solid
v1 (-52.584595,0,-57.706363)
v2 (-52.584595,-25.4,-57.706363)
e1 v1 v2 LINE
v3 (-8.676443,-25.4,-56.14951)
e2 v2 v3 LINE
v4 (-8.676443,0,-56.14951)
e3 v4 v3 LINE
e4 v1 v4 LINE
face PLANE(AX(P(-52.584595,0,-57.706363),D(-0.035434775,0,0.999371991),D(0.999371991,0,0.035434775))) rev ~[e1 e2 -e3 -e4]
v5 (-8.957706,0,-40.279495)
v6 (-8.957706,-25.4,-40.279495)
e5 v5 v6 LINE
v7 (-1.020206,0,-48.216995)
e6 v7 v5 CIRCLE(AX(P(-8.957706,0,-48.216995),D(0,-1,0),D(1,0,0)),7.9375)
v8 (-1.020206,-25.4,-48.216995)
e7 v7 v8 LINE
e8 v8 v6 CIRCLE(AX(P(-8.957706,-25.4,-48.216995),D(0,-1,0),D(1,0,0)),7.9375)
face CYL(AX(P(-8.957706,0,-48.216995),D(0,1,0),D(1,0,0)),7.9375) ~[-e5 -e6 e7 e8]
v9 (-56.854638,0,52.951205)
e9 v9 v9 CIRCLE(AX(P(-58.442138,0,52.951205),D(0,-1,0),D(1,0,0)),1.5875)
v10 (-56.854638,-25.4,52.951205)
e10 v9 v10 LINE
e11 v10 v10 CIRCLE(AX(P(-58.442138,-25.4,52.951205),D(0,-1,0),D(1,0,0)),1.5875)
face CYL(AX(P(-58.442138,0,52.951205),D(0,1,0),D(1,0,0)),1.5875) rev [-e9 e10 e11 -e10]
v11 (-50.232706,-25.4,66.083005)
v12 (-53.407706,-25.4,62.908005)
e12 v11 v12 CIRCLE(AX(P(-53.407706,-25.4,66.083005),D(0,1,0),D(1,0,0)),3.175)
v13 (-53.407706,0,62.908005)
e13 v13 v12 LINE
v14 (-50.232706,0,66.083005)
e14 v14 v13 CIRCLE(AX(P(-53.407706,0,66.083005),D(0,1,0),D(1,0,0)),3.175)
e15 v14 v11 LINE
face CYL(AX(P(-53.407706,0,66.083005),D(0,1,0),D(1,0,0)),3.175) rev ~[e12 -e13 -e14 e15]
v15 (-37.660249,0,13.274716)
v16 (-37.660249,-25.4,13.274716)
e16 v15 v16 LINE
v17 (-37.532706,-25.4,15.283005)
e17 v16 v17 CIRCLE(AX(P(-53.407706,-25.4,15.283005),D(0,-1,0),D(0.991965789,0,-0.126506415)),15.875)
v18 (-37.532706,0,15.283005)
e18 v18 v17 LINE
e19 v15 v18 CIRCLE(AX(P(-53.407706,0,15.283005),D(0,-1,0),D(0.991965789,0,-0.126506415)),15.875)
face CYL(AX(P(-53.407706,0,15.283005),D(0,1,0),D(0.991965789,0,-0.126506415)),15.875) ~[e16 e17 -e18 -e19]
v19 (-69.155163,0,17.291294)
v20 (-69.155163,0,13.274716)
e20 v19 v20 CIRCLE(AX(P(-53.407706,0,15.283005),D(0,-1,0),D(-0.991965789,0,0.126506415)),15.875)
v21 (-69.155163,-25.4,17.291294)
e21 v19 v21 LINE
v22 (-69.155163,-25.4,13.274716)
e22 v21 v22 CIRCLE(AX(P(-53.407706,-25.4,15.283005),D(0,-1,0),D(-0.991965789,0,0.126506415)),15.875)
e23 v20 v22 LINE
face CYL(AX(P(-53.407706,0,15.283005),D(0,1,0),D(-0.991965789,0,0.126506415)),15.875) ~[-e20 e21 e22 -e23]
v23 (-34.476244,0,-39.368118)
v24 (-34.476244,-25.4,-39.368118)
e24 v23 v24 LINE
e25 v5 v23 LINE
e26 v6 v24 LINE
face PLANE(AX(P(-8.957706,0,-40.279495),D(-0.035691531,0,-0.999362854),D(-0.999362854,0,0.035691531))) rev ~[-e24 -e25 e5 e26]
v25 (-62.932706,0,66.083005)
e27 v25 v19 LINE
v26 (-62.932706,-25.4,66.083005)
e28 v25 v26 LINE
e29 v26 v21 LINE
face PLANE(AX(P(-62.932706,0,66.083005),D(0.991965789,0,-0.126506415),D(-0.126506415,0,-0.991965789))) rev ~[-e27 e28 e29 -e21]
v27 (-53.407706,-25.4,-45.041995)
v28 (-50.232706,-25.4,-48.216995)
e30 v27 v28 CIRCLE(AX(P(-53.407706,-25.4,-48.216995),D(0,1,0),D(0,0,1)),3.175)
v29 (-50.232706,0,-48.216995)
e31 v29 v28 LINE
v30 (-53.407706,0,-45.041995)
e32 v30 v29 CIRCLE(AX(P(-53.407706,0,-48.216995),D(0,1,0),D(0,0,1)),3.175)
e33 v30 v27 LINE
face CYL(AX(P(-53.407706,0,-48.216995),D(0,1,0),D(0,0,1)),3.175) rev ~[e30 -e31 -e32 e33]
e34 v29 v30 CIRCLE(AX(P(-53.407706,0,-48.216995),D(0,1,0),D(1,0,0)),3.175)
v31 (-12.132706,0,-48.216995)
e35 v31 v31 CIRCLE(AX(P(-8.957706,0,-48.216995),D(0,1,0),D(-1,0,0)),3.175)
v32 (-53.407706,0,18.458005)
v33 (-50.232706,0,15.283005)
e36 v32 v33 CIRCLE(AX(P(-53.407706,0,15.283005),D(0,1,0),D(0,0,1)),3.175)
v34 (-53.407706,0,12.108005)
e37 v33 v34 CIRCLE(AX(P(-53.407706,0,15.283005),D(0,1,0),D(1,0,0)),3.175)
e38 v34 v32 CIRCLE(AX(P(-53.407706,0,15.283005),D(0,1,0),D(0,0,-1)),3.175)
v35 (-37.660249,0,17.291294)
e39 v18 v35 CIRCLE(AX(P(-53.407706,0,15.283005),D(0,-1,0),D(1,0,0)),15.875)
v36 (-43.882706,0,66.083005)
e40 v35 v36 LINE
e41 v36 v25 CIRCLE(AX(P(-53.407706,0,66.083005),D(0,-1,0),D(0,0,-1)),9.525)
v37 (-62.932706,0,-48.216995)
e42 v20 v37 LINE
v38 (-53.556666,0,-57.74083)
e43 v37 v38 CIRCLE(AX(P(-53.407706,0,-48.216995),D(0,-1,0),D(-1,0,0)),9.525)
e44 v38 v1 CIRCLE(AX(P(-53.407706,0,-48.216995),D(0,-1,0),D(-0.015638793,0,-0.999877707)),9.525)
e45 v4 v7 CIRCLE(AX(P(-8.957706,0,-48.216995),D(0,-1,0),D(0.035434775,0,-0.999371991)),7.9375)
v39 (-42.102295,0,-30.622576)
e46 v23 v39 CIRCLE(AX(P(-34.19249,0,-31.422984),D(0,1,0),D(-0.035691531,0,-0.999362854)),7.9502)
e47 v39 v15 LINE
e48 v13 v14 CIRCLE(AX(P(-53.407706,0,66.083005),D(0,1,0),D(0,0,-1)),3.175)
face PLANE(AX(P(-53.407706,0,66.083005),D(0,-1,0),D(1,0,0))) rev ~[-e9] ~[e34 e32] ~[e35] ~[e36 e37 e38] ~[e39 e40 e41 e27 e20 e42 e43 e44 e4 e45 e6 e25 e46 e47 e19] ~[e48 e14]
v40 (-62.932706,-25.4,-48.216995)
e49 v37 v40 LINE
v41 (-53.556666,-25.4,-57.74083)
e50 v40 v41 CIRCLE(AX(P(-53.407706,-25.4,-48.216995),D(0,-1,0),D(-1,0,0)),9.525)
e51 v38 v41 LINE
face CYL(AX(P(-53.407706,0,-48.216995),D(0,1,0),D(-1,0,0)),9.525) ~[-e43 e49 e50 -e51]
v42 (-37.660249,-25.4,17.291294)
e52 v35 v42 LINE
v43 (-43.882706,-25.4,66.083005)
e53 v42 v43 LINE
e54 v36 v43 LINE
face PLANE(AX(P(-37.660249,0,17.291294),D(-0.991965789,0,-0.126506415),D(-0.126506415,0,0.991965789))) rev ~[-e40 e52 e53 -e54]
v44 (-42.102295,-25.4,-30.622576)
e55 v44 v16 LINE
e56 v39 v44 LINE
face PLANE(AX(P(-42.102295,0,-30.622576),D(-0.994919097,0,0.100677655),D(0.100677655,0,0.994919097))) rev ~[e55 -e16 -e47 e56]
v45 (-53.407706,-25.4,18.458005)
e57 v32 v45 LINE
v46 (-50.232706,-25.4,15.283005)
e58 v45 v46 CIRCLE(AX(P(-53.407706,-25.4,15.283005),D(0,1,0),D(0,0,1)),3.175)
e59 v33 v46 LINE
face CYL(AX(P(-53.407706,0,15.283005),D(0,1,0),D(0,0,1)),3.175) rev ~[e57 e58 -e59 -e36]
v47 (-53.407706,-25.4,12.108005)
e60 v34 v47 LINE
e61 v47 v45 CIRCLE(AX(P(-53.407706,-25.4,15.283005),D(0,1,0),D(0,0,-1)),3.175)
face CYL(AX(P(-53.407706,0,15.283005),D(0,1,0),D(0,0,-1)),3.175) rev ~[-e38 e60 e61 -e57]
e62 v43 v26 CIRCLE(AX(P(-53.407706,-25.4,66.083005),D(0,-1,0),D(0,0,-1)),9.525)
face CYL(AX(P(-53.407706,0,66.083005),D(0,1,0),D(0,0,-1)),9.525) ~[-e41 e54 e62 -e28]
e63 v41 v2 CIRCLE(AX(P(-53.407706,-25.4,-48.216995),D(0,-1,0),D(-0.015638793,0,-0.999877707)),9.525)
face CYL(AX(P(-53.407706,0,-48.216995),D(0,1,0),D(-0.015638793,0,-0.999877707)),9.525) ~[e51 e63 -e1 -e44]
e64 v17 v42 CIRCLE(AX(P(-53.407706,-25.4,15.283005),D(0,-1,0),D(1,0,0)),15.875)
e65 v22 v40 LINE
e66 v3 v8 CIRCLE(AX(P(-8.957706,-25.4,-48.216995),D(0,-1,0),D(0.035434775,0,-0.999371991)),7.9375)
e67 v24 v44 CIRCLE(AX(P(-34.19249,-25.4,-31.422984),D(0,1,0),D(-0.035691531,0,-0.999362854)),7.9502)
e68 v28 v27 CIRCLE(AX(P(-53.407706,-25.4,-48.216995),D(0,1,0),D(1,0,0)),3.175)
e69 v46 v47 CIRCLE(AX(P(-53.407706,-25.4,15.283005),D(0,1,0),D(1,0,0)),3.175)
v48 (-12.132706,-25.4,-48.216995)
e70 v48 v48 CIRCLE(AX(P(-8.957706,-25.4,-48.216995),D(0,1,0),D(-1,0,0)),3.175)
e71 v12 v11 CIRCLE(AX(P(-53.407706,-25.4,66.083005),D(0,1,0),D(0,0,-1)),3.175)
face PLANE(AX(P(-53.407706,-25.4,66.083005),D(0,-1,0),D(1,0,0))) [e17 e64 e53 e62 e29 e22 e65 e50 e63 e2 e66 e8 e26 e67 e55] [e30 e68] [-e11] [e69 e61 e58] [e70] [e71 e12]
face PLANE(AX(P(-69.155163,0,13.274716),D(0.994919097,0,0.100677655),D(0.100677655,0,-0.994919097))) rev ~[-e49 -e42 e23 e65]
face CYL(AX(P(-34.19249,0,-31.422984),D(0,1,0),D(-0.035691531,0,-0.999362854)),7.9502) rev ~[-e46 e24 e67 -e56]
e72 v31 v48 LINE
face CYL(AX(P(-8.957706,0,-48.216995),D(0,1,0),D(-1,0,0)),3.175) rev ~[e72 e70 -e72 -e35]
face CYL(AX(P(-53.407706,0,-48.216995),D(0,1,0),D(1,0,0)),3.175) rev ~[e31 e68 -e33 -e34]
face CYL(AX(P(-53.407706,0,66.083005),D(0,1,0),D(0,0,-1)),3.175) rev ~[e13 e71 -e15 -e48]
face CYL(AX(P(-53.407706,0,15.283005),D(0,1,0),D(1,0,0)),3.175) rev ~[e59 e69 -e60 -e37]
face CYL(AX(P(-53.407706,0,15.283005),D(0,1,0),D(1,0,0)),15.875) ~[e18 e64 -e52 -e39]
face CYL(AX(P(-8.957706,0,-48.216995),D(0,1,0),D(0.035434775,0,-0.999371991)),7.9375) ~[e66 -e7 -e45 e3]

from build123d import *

# Parameters (mm, degrees)
F0_R     = 1.5875
F1_DEPTH = 25.4


with BuildPart() as f1:
    # F0 (on Front) → F1 (new body)
    with BuildSketch(Plane.XZ):
        with BuildLine():
            ThreePointArc((-53.4077063203, 56.5580051482), (-46.6725142295, 59.3478130574), (-43.8827063203, 66.0830051482))
            ThreePointArc((-43.8827063203, 66.0830051482), (-53.4077063203, 75.6080051482), (-62.9327063203, 66.0830051482))
            ThreePointArc((-62.9327063203, 66.0830051482), (-60.1428984111, 59.3478130574), (-53.4077063203, 56.5580051482))
        make_face()
        with BuildLine():
            ThreePointArc((-50.2327063203, 66.0830051482), (-51.16264229, 63.8379411179), (-53.4077063203, 62.9080051482))
            ThreePointArc((-53.4077063203, 62.9080051482), (-55.6527703506, 68.3280691784), (-50.2327063203, 66.0830051482))
        make_face(mode=Mode.SUBTRACT)
        with BuildLine():
            Line((-37.6602494156, 17.2912944785), (-43.8827063203, 66.0830051482))
            ThreePointArc((-43.8827063203, 66.0830051482), (-46.6725142295, 59.3478130574), (-53.4077063203, 56.5580051482))
            Line((-53.4077063203, 56.5580051482), (-53.4077063203, 31.1580051482))
            ThreePointArc((-53.4077063203, 31.1580051482), (-42.9164234654, 27.1972239249), (-37.6602494156, 17.2912944785))
        make_face()
        with BuildLine():
            ThreePointArc((-53.4077063203, 56.5580051482), (-60.1428984111, 59.3478130574), (-62.9327063203, 66.0830051482))
            Line((-62.9327063203, 66.0830051482), (-69.155163225, 17.2912944785))
            ThreePointArc((-69.155163225, 17.2912944785), (-63.8989891751, 27.1972239249), (-53.4077063203, 31.1580051482))
            Line((-53.4077063203, 31.1580051482), (-53.4077063203, 56.5580051482))
        make_face()
        with Locations((-58.4421381354, 52.9512051482)):
            Circle(F0_R, mode=Mode.SUBTRACT)
        with BuildLine():
            ThreePointArc((-37.5327063203, 15.2830051482), (-37.5646241807, 16.2891727877), (-37.6602494156, 17.2912944785))
            ThreePointArc((-37.6602494156, 17.2912944785), (-42.9164234654, 27.1972239249), (-53.4077063203, 31.1580051482))
            Line((-53.4077063203, 31.1580051482), (-53.4077063203, 18.4580051482))
            ThreePointArc((-53.4077063203, 18.4580051482), (-51.16264229, 17.5280691784), (-50.2327063203, 15.2830051482))
            ThreePointArc((-50.2327063203, 15.2830051482), (-51.16264229, 13.0379411179), (-53.4077063203, 12.1080051482))
            Line((-53.4077063203, 12.1080051482), (-53.4077063203, -0.5919948518))
            ThreePointArc((-53.4077063203, -0.5919948518), (-42.9164234654, 3.3687863714), (-37.6602494156, 13.2747158178))
            ThreePointArc((-37.6602494156, 13.2747158178), (-37.5646241807, 14.2768375086), (-37.5327063203, 15.2830051482))
        make_face()
        with BuildLine():
            ThreePointArc((-53.4077063203, 31.1580051482), (-63.8989891751, 27.1972239249), (-69.155163225, 17.2912944785))
            ThreePointArc((-69.155163225, 17.2912944785), (-69.2827063203, 15.2830051482), (-69.155163225, 13.2747158178))
            ThreePointArc((-69.155163225, 13.2747158178), (-63.8989891751, 3.3687863714), (-53.4077063203, -0.5919948518))
            Line((-53.4077063203, -0.5919948518), (-53.4077063203, 12.1080051482))
            ThreePointArc((-53.4077063203, 12.1080051482), (-56.5827063203, 15.2830051482), (-53.4077063203, 18.4580051482))
            Line((-53.4077063203, 18.4580051482), (-53.4077063203, 31.1580051482))
        make_face()
        with BuildLine():
            ThreePointArc((-53.4077063203, -0.5919948518), (-63.8989891751, 3.3687863714), (-69.155163225, 13.2747158178))
            Line((-69.155163225, 13.2747158178), (-62.9327063203, -48.2169948518))
            ThreePointArc((-62.9327063203, -48.2169948518), (-60.1428984111, -41.481802761), (-53.4077063203, -38.6919948518))
            Line((-53.4077063203, -38.6919948518), (-53.4077063203, -0.5919948518))
        make_face()
        with BuildLine():
            Line((-42.102295446, -30.6225764362), (-37.6602494156, 13.2747158178))
            ThreePointArc((-37.6602494156, 13.2747158178), (-42.9164234654, 3.3687863714), (-53.4077063203, -0.5919948518))
            Line((-53.4077063203, -0.5919948518), (-53.4077063203, -38.6919948518))
            ThreePointArc((-53.4077063203, -38.6919948518), (-46.6725142295, -41.481802761), (-43.8827063203, -48.2169948518))
            Line((-43.8827063203, -48.2169948518), (-16.8952063203, -48.2169948518))
            ThreePointArc((-16.8952063203, -48.2169948518), (-14.570366396, -42.6043347762), (-8.9577063203, -40.2794948518))
            Line((-8.9577063203, -40.2794948518), (-34.4762444457, -39.3681184902))
            ThreePointArc((-34.4762444457, -39.3681184902), (-40.1845456585, -36.6480145197), (-42.102295446, -30.6225764362))
        make_face()
        with BuildLine():
            ThreePointArc((-53.4077063203, -38.6919948518), (-60.1428984111, -41.481802761), (-62.9327063203, -48.2169948518))
            ThreePointArc((-62.9327063203, -48.2169948518), (-60.1953592391, -54.8993142736), (-53.556665826, -57.7408300071))
            Line((-53.556665826, -57.7408300071), (-52.5845948483, -57.7063632452))
            ThreePointArc((-52.5845948483, -57.7063632452), (-46.3875296213, -54.6545987628), (-43.8827063203, -48.2169948518))
            Line((-43.8827063203, -48.2169948518), (-50.2327063203, -48.2169948518))
            ThreePointArc((-50.2327063203, -48.2169948518), (-55.6527703506, -50.4620588821), (-53.4077063203, -45.0419948518))
            Line((-53.4077063203, -45.0419948518), (-53.4077063203, -38.6919948518))
        make_face()
        with BuildLine():
            Line((-52.5845948483, -57.7063632452), (-53.556665826, -57.7408300071))
            ThreePointArc((-53.556665826, -57.7408300071), (-53.0701900869, -57.7360130676), (-52.5845948483, -57.7063632452))
        make_face()
        with BuildLine():
            Line((-16.8952063203, -48.2169948518), (-43.8827063203, -48.2169948518))
            ThreePointArc((-43.8827063203, -48.2169948518), (-46.3875296213, -54.6545987628), (-52.5845948483, -57.7063632452))
            Line((-52.5845948483, -57.7063632452), (-8.6764427924, -56.1495100316))
            ThreePointArc((-8.6764427924, -56.1495100316), (-14.4700278366, -53.9282309484), (-16.8952063203, -48.2169948518))
        make_face()
        with BuildLine():
            ThreePointArc((-1.0202063203, -48.2169948518), (-3.3450462446, -42.6043347762), (-8.9577063203, -40.2794948518))
            ThreePointArc((-8.9577063203, -40.2794948518), (-14.570366396, -42.6043347762), (-16.8952063203, -48.2169948518))
            ThreePointArc((-16.8952063203, -48.2169948518), (-14.4700278366, -53.9282309484), (-8.6764427924, -56.1495100316))
            ThreePointArc((-8.6764427924, -56.1495100316), (-3.2464702237, -53.7293163681), (-1.0202063203, -48.2169948518))
        make_face()
        with BuildLine():
            ThreePointArc((-5.7827063203, -48.2169948518), (-8.9577063203, -51.3919948518), (-12.1327063203, -48.2169948518))
            ThreePointArc((-12.1327063203, -48.2169948518), (-8.9577063203, -45.0419948518), (-5.7827063203, -48.2169948518))
        make_face(mode=Mode.SUBTRACT)
        with BuildLine():
            ThreePointArc((-43.8827063203, -48.2169948518), (-46.6725142295, -41.481802761), (-53.4077063203, -38.6919948518))
            Line((-53.4077063203, -38.6919948518), (-53.4077063203, -45.0419948518))
            ThreePointArc((-53.4077063203, -45.0419948518), (-51.16264229, -45.9719308216), (-50.2327063203, -48.2169948518))
            Line((-50.2327063203, -48.2169948518), (-43.8827063203, -48.2169948518))
        make_face()
    extrude(amount=F1_DEPTH)


solid = f1.part
